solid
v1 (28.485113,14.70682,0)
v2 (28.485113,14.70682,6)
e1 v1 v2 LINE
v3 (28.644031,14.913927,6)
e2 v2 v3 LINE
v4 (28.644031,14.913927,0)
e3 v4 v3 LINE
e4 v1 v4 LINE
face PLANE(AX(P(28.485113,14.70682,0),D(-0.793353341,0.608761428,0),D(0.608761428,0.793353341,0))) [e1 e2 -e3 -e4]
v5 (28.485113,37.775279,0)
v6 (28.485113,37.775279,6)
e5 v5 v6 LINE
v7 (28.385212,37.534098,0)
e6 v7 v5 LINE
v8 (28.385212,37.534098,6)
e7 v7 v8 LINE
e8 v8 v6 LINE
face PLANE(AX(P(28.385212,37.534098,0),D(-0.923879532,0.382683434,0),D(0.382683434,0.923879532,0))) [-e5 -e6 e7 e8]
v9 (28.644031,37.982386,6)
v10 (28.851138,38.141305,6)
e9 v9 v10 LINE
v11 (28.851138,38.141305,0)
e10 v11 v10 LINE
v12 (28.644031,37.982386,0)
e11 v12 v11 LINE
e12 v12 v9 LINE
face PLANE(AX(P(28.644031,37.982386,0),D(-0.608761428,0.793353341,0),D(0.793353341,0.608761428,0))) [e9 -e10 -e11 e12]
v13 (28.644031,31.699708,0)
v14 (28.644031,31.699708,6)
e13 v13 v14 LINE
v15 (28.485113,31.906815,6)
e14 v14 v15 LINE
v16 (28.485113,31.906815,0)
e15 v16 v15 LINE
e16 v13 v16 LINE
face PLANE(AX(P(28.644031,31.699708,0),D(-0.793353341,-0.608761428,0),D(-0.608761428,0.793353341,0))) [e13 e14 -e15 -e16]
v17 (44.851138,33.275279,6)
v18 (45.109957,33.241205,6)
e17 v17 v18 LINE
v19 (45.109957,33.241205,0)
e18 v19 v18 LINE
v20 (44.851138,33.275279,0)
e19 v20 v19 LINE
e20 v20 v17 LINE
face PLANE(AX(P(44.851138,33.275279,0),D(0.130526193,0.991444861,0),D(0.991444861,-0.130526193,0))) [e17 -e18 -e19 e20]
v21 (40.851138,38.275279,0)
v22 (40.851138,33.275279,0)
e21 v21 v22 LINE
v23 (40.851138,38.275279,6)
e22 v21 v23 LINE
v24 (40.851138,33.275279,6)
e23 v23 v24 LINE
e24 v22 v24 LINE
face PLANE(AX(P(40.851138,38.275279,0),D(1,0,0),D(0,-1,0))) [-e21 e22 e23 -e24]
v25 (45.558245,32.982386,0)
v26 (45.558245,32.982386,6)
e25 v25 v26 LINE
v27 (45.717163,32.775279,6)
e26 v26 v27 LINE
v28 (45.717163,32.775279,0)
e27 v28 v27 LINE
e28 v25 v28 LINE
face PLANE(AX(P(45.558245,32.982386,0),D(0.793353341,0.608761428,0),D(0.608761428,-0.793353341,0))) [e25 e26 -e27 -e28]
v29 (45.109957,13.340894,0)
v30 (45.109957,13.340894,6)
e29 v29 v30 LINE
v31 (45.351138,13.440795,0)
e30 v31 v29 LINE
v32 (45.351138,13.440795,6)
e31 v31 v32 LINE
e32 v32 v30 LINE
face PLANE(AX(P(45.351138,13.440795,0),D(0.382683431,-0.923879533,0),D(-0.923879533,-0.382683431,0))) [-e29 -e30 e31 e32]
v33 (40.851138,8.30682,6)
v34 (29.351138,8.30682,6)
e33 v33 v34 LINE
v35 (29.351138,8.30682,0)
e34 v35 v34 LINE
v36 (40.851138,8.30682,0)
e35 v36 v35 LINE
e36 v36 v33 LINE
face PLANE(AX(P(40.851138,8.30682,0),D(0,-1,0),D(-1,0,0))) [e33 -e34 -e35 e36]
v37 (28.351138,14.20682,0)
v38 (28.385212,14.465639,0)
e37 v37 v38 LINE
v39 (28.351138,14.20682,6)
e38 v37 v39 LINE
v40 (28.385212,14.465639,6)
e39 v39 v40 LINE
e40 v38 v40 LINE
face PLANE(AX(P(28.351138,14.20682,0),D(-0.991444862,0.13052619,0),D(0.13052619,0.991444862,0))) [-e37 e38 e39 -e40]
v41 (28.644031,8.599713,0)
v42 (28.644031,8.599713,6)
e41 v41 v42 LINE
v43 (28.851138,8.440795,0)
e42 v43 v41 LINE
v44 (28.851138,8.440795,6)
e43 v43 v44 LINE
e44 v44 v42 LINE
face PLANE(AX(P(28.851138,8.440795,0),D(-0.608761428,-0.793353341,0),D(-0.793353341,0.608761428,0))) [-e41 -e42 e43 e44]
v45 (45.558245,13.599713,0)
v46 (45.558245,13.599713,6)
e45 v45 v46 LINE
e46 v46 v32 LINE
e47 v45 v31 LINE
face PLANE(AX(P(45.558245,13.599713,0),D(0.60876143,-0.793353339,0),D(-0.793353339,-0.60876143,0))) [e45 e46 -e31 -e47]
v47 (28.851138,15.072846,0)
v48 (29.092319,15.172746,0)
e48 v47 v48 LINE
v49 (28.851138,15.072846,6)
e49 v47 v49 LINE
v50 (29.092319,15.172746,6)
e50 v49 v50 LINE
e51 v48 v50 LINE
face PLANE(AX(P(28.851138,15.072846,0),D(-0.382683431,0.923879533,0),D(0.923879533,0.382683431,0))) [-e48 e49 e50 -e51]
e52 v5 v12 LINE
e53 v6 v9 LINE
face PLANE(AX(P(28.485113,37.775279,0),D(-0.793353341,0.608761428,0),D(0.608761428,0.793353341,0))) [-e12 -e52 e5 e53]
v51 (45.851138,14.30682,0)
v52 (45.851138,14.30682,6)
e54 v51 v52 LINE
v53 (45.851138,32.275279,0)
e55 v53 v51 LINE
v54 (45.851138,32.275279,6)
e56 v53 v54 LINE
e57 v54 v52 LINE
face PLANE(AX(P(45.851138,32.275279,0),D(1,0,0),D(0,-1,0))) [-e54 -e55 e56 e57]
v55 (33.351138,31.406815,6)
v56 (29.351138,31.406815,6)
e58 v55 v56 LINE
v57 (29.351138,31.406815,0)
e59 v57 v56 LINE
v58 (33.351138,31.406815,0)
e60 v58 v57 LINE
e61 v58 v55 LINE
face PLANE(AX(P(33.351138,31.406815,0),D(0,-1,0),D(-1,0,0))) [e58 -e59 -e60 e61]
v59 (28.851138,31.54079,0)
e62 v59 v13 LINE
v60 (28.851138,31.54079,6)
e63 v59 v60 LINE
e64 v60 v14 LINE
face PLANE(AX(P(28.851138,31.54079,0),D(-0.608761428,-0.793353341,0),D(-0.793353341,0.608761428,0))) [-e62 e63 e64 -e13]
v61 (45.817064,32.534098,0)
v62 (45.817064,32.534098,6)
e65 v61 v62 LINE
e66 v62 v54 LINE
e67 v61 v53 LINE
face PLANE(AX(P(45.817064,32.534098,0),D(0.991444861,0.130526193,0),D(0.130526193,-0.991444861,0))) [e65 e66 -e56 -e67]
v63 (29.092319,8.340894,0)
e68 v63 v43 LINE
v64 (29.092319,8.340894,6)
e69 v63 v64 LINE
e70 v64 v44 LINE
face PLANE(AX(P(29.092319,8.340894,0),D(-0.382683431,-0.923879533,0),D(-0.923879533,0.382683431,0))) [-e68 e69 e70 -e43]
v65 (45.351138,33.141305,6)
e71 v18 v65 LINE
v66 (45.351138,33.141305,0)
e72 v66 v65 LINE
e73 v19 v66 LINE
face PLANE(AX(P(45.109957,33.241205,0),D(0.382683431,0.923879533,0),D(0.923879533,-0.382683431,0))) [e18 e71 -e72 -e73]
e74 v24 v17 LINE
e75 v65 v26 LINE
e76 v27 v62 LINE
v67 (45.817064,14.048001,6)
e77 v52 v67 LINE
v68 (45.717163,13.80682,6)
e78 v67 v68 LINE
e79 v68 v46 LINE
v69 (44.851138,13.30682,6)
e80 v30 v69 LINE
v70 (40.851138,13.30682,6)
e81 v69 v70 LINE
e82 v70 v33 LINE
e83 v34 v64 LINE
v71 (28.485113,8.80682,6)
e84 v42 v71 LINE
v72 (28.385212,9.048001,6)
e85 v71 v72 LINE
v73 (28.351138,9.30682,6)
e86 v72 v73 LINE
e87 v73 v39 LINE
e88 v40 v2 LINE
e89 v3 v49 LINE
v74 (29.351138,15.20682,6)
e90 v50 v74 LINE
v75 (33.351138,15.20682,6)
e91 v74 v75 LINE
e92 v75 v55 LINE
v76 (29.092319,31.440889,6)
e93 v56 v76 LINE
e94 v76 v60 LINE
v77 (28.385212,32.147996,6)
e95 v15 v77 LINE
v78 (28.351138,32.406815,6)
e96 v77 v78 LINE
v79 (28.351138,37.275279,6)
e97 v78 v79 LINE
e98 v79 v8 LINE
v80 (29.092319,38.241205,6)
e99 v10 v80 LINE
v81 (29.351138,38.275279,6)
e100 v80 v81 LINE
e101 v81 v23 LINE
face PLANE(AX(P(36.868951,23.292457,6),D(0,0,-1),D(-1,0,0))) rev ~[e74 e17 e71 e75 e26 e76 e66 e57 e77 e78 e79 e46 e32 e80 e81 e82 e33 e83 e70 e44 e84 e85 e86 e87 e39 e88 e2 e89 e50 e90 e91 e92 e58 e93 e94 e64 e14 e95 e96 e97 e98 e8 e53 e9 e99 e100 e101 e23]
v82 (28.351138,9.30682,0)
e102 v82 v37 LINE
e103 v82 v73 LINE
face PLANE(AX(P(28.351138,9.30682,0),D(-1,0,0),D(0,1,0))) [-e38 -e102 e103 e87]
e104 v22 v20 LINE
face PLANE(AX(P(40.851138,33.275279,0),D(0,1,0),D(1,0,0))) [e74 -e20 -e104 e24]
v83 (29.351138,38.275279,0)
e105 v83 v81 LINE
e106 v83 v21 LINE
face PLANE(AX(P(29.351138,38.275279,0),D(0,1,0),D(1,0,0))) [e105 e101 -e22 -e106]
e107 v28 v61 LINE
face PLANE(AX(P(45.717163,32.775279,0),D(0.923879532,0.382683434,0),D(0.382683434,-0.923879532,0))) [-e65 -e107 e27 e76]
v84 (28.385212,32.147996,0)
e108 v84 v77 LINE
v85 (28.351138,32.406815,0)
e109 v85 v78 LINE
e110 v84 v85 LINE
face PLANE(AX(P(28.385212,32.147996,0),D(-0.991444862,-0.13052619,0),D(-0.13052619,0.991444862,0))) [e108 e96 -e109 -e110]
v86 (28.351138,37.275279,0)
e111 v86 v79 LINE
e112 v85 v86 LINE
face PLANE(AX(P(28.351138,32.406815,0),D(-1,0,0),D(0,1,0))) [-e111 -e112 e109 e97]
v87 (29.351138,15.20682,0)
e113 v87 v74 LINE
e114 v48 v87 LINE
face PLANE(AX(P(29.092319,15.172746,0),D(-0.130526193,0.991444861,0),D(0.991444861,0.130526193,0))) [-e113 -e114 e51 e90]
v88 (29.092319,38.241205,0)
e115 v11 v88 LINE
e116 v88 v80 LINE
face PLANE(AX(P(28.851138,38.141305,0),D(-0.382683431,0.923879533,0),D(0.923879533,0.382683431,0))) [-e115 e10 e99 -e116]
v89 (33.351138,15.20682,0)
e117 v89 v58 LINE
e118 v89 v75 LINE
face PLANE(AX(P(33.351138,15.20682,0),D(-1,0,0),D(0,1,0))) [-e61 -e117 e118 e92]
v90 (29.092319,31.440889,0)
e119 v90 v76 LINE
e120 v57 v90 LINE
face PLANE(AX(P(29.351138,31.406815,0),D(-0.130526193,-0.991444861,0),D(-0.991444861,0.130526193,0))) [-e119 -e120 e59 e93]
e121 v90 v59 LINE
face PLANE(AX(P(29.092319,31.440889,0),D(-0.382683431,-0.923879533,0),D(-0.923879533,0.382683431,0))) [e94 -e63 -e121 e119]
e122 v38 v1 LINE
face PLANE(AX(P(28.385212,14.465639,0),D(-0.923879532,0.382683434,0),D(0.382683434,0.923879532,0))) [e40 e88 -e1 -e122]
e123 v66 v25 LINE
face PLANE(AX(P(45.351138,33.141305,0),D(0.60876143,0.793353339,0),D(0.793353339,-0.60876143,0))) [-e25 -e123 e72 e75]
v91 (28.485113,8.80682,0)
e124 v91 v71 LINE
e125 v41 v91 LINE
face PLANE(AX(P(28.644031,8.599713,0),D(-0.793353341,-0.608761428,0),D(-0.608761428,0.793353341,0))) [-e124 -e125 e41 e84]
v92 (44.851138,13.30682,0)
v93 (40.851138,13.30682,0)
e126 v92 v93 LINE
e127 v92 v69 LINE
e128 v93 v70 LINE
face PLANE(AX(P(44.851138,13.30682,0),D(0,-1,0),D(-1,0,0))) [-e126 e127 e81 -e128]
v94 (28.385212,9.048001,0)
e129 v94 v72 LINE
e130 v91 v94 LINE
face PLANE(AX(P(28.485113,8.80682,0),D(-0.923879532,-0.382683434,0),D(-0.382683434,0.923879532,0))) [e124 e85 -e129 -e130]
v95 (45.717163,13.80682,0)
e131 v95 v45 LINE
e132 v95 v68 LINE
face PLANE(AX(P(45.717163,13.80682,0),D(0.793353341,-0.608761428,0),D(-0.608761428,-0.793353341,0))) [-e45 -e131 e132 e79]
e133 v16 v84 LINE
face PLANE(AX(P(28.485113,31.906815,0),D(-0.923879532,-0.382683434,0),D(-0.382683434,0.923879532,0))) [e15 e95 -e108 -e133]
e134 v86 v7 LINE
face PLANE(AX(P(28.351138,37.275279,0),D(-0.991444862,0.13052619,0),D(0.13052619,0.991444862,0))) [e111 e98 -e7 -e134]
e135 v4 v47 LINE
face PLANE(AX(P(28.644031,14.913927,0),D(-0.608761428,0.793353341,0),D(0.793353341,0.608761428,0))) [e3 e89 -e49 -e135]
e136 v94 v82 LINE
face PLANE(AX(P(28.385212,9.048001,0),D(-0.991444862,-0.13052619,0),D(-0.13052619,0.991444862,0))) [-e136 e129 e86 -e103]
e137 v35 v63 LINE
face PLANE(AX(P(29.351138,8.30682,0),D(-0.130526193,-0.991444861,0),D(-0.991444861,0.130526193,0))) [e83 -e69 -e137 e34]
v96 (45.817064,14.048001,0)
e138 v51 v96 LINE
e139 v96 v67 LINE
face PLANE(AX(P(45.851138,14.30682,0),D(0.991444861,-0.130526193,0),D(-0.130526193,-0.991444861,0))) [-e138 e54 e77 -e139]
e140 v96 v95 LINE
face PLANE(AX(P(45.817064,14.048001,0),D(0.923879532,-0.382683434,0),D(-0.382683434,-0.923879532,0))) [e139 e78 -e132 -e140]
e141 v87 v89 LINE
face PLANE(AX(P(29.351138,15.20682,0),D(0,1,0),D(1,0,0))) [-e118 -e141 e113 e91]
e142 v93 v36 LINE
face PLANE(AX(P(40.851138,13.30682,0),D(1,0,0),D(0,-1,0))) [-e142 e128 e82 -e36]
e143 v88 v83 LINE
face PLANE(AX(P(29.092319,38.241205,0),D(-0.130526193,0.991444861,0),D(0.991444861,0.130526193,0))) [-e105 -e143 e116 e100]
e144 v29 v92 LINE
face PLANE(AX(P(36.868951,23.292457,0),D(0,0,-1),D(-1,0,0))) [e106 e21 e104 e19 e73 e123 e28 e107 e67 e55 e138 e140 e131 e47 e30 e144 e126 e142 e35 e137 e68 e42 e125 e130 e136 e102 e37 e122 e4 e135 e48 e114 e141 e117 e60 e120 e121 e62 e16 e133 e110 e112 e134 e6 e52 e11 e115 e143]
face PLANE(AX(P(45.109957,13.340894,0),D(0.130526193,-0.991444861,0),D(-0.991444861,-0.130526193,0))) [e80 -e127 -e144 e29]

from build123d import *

# Parameters (mm, degrees)
RESSALTO_EXTRUS_O1_DEPTH = 6


with BuildPart() as part:
    # Model → Ressalto-extrusão1 (new body)
    with BuildSketch(Plane.XY):
        Polygon((28.385212082, 9.048001095), (28.351137909, 9.30682014), (28.351137909, 14.20682014), (28.385212082, 14.465639185), (28.485112505, 14.70682014), (28.644031127, 14.913926921), (28.851137909, 15.072845544), (29.092318864, 15.172745966), (29.351137909, 15.20682014), (33.351137909, 15.20682014), (33.351137909, 31.406815144), (29.351137909, 31.406815144), (29.092318864, 31.440889318), (28.851137909, 31.54078974), (28.644031127, 31.699708363), (28.485112505, 31.906815144), (28.385212082, 32.147996099), (28.351137909, 32.406815144), (28.351137909, 37.275279302), (28.385212082, 37.534098347), (28.485112505, 37.775279302), (28.644031127, 37.982386083), (28.851137909, 38.141304706), (29.092318864, 38.241205128), (29.351137909, 38.275279302), (40.851137909, 38.275279302), (40.851137909, 33.275279302), (44.851137909, 33.275279302), (45.109956954, 33.241205128), (45.351137909, 33.141304706), (45.55824469, 32.982386083), (45.717163312, 32.775279302), (45.817063735, 32.534098347), (45.851137909, 32.275279302), (45.851137909, 14.30682014), (45.817063735, 14.048001095), (45.717163312, 13.80682014), (45.55824469, 13.599713359), (45.351137909, 13.440794736), (45.109956954, 13.340894314), (44.851137909, 13.30682014), (40.851137909, 13.30682014), (40.851137909, 8.30682014), (29.351137909, 8.30682014), (29.092318864, 8.340894314), (28.851137909, 8.440794736), (28.644031127, 8.599713359), (28.485112505, 8.80682014), align=None)
    extrude(amount=RESSALTO_EXTRUS_O1_DEPTH)


solid = part.part
